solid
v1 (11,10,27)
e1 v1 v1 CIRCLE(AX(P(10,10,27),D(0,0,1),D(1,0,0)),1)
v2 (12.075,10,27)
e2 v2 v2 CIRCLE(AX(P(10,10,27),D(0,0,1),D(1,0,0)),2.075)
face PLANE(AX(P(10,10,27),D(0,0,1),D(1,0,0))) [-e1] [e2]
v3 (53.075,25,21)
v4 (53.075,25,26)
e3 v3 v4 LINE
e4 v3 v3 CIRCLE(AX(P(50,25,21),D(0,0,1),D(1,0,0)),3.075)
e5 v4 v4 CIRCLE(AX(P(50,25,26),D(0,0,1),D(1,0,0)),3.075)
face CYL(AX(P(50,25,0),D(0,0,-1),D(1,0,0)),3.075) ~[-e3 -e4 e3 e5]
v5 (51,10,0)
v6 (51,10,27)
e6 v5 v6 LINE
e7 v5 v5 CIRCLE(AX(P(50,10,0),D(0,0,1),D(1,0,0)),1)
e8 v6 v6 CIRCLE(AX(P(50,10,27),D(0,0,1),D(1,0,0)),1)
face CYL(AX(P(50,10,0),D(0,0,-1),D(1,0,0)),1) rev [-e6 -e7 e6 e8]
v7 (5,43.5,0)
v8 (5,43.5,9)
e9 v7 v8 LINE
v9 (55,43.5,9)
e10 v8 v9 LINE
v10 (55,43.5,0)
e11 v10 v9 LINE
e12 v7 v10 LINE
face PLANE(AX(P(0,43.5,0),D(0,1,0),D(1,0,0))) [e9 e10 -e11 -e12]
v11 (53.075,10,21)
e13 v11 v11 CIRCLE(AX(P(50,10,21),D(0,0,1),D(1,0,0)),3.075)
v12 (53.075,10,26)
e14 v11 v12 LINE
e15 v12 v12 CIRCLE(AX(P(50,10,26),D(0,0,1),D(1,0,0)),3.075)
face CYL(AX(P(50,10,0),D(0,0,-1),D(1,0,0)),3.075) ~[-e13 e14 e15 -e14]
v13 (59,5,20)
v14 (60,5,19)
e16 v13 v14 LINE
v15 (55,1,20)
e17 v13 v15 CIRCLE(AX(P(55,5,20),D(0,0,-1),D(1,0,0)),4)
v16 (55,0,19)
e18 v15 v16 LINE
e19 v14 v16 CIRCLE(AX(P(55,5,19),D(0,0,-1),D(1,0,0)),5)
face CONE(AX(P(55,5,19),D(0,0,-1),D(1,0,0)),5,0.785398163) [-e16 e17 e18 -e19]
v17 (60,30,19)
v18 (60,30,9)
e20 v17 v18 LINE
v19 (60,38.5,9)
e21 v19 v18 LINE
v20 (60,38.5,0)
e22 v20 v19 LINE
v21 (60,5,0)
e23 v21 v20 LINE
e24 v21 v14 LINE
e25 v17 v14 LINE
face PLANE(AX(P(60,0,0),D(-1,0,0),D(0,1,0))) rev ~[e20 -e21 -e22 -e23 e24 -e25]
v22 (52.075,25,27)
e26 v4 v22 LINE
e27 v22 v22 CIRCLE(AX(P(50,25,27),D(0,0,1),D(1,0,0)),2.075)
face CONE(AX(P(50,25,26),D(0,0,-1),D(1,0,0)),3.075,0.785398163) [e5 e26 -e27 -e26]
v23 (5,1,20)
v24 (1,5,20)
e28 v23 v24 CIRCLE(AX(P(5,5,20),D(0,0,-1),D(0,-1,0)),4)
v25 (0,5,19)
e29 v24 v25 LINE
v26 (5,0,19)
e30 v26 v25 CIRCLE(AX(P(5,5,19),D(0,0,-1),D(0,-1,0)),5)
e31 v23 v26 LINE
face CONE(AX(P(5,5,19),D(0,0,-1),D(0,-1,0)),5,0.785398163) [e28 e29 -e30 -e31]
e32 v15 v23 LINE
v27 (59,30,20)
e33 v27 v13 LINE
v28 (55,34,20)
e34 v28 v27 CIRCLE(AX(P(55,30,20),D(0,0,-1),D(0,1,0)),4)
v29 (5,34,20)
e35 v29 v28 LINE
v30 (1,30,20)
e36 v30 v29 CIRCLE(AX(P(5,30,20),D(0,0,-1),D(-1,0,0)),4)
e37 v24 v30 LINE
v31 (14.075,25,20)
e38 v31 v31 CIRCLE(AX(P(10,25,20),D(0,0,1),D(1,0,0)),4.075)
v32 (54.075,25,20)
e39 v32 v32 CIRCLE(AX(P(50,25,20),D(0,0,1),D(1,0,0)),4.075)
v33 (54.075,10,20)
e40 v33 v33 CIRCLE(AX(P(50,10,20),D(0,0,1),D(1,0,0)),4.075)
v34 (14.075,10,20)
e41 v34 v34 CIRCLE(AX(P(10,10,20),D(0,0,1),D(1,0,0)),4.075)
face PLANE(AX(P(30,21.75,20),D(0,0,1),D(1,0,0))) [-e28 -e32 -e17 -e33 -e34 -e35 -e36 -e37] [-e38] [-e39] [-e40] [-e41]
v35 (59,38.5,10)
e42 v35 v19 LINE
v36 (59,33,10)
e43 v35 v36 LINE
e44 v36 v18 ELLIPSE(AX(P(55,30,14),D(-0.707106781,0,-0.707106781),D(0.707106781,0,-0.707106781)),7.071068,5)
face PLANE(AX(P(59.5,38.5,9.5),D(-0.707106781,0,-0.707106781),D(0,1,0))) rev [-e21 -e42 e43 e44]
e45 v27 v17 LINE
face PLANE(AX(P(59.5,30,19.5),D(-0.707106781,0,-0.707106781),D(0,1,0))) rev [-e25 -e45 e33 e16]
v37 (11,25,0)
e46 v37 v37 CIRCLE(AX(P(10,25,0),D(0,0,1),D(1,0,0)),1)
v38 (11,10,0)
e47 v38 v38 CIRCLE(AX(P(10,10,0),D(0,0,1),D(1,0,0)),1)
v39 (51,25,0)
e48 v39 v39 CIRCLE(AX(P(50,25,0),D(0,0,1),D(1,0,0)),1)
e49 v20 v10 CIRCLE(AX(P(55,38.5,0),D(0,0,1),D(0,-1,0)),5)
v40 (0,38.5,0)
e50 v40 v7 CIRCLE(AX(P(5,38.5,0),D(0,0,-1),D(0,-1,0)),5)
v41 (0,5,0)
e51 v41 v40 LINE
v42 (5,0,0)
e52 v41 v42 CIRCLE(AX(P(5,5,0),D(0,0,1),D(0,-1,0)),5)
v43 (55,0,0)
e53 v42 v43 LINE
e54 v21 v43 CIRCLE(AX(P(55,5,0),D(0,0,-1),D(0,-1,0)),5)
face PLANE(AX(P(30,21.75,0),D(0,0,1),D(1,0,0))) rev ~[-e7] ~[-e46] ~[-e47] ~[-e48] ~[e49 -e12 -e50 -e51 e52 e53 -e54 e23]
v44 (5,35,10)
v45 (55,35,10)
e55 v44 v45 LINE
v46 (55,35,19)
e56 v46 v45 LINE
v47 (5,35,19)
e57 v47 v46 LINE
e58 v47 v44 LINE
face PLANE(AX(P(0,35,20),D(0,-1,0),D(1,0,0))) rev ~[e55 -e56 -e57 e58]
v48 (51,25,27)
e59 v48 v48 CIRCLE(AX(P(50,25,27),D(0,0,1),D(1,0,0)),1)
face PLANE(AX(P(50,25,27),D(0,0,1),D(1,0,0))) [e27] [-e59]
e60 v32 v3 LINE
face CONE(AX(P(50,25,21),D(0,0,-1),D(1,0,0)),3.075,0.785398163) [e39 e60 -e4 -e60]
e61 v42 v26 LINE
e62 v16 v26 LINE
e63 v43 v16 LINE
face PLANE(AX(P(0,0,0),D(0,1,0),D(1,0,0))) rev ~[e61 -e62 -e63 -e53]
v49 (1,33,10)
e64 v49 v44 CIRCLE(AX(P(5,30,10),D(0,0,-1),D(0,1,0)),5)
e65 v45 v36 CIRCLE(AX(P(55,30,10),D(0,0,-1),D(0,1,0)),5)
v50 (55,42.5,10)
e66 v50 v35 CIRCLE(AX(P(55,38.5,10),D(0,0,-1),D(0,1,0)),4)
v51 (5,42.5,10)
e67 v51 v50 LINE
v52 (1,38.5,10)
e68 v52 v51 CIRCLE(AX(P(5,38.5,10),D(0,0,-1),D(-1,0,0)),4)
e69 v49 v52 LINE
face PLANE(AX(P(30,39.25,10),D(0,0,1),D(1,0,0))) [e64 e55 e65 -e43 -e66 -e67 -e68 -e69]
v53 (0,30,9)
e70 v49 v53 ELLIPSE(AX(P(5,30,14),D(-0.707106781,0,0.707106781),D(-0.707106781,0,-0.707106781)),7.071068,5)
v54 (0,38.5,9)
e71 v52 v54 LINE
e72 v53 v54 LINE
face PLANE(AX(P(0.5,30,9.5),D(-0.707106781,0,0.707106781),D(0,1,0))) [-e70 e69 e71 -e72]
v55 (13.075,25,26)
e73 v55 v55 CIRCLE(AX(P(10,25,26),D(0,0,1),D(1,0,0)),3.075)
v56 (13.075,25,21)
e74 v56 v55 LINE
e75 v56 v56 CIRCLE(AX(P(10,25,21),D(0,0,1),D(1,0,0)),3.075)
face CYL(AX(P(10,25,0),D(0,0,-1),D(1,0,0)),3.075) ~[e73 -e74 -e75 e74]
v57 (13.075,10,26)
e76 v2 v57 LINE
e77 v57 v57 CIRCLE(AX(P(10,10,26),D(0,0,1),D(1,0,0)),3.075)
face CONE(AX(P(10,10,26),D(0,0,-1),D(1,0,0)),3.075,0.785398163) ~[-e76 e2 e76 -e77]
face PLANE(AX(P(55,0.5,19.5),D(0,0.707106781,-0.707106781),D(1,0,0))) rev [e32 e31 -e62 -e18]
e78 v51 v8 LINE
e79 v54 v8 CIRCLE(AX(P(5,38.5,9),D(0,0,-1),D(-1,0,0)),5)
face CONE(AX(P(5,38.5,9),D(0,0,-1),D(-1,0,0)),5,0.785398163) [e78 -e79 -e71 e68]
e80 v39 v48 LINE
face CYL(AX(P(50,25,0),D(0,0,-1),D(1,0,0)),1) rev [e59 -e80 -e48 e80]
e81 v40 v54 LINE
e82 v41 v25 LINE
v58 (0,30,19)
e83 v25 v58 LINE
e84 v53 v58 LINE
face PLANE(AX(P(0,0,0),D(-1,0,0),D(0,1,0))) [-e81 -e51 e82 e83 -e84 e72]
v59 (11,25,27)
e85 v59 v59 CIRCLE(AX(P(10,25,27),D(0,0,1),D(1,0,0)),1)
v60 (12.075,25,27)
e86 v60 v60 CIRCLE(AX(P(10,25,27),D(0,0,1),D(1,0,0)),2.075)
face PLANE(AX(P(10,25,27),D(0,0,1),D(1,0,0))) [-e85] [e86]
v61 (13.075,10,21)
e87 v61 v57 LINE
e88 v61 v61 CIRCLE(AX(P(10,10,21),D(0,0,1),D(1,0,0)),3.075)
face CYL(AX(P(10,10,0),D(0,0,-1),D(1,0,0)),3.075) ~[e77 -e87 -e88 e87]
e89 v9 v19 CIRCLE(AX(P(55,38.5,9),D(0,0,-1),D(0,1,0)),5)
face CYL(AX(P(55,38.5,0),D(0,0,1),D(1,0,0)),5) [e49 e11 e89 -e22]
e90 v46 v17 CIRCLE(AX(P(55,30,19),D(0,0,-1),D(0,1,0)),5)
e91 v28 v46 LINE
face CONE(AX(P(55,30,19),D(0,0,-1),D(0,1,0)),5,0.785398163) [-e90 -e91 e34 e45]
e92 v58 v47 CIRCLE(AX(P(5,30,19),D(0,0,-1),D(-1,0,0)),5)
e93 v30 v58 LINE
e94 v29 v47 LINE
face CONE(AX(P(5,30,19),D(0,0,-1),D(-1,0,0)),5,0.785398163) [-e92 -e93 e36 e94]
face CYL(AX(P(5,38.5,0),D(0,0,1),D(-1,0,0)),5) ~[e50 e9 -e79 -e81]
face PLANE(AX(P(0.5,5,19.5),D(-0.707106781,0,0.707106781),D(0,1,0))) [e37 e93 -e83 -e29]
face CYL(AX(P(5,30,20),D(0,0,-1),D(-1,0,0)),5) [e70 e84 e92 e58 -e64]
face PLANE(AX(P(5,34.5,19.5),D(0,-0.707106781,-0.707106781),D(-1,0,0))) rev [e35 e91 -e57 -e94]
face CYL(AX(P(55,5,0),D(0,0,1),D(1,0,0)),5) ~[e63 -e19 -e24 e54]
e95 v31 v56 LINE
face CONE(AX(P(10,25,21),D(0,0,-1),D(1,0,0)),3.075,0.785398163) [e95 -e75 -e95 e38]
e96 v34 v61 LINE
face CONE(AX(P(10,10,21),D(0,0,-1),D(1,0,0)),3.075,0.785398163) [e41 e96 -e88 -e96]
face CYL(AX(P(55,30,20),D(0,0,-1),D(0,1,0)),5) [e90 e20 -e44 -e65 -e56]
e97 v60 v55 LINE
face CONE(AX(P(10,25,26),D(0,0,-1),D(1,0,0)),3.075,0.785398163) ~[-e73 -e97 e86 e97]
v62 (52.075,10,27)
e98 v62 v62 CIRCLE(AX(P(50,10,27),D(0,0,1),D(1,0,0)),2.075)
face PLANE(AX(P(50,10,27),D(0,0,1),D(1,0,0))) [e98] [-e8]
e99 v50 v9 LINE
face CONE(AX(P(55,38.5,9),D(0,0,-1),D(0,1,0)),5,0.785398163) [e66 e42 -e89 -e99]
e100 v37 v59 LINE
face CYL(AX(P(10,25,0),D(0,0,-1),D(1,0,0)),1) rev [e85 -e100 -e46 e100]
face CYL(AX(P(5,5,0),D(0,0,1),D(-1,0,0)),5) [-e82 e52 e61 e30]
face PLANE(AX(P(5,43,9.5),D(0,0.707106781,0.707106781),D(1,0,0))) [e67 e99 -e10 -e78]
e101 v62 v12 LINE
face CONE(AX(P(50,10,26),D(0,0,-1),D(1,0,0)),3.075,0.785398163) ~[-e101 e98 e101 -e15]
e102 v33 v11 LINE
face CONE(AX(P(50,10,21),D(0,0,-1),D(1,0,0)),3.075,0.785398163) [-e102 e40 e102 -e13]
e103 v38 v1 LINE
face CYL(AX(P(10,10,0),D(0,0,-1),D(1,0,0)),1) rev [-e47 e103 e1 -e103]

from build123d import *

# Parameters (mm, degrees)
F0_W     = 60
F0_H     = 43.5
F0_R     = 3.075
F1_DEPTH = 20
F0_R_2   = 1
F2_DEPTH = 27
F3_W     = 60
F3_H     = 8.5
F4_DEPTH = 10
F5_R     = 5
F6_SIZE  = 1


with BuildPart() as f1:
    # F0 (on Top) → F1 (new body)
    with BuildSketch(Plane.XY):
        with Locations((30, 21.75)):
            Rectangle(F0_W, F0_H)
        with Locations((10, 10)):
            Circle(F0_R, mode=Mode.SUBTRACT)
        with Locations((50, 10)):
            Circle(F0_R, mode=Mode.SUBTRACT)
        with Locations((10, 25)):
            Circle(F0_R, mode=Mode.SUBTRACT)
        with Locations((50, 25)):
            Circle(F0_R, mode=Mode.SUBTRACT)
    extrude(amount=F1_DEPTH)

    # F0 (on Top) → F2 (join)
    with BuildSketch(Plane.XY):
        with Locations((10, 25)):
            Circle(F0_R)
        with Locations((10, 25)):
            Circle(F0_R_2, mode=Mode.SUBTRACT)
        with Locations((10, 10)):
            Circle(F0_R)
        with Locations((10, 10)):
            Circle(F0_R_2, mode=Mode.SUBTRACT)
        with Locations((50, 10)):
            Circle(F0_R)
        with Locations((50, 10)):
            Circle(F0_R_2, mode=Mode.SUBTRACT)
        with Locations((50, 25)):
            Circle(F0_R)
        with Locations((50, 25)):
            Circle(F0_R_2, mode=Mode.SUBTRACT)
    extrude(amount=F2_DEPTH)

    # F3 (on face) → F4 (cut)
    with BuildSketch(Plane.XY.offset(20)):
        with Locations((30, 39.25)):
            Rectangle(F3_W, F3_H)
    extrude(amount=-F4_DEPTH, mode=Mode.SUBTRACT)

    # F5
    f5_edges = [f1.edges().sort_by_distance(p)[0] for p in [
        (60, 0, 10),
        (0, 0, 10),
        (60, 43.5, 5),
        (60, 35, 15),
        (0, 35, 15),
        (0, 43.5, 5),
    ]]
    fillet(f5_edges, radius=F5_R)

    # F6
    f6_edges = [f1.edges().sort_by_distance(p)[0] for p in [
        (30, 35, 20),
        (1.464466, 33.535534, 20),
        (58.535534, 33.535534, 20),
        (0, 17.5, 20),
        (60, 17.5, 20),
        (1.464466, 1.464466, 20),
        (58.535534, 1.464466, 20),
        (30, 0, 20),
        (6.925, 10, 20),
        (46.925, 10, 20),
        (6.925, 25, 20),
        (46.925, 25, 20),
        (6.925, 10, 27),
        (6.925, 25, 27),
        (46.925, 25, 27),
        (46.925, 10, 27),
        (30, 43.5, 10),
        (58.535534, 42.035534, 10),
    ]]
    chamfer(f6_edges, length=F6_SIZE)


solid = f1.part
